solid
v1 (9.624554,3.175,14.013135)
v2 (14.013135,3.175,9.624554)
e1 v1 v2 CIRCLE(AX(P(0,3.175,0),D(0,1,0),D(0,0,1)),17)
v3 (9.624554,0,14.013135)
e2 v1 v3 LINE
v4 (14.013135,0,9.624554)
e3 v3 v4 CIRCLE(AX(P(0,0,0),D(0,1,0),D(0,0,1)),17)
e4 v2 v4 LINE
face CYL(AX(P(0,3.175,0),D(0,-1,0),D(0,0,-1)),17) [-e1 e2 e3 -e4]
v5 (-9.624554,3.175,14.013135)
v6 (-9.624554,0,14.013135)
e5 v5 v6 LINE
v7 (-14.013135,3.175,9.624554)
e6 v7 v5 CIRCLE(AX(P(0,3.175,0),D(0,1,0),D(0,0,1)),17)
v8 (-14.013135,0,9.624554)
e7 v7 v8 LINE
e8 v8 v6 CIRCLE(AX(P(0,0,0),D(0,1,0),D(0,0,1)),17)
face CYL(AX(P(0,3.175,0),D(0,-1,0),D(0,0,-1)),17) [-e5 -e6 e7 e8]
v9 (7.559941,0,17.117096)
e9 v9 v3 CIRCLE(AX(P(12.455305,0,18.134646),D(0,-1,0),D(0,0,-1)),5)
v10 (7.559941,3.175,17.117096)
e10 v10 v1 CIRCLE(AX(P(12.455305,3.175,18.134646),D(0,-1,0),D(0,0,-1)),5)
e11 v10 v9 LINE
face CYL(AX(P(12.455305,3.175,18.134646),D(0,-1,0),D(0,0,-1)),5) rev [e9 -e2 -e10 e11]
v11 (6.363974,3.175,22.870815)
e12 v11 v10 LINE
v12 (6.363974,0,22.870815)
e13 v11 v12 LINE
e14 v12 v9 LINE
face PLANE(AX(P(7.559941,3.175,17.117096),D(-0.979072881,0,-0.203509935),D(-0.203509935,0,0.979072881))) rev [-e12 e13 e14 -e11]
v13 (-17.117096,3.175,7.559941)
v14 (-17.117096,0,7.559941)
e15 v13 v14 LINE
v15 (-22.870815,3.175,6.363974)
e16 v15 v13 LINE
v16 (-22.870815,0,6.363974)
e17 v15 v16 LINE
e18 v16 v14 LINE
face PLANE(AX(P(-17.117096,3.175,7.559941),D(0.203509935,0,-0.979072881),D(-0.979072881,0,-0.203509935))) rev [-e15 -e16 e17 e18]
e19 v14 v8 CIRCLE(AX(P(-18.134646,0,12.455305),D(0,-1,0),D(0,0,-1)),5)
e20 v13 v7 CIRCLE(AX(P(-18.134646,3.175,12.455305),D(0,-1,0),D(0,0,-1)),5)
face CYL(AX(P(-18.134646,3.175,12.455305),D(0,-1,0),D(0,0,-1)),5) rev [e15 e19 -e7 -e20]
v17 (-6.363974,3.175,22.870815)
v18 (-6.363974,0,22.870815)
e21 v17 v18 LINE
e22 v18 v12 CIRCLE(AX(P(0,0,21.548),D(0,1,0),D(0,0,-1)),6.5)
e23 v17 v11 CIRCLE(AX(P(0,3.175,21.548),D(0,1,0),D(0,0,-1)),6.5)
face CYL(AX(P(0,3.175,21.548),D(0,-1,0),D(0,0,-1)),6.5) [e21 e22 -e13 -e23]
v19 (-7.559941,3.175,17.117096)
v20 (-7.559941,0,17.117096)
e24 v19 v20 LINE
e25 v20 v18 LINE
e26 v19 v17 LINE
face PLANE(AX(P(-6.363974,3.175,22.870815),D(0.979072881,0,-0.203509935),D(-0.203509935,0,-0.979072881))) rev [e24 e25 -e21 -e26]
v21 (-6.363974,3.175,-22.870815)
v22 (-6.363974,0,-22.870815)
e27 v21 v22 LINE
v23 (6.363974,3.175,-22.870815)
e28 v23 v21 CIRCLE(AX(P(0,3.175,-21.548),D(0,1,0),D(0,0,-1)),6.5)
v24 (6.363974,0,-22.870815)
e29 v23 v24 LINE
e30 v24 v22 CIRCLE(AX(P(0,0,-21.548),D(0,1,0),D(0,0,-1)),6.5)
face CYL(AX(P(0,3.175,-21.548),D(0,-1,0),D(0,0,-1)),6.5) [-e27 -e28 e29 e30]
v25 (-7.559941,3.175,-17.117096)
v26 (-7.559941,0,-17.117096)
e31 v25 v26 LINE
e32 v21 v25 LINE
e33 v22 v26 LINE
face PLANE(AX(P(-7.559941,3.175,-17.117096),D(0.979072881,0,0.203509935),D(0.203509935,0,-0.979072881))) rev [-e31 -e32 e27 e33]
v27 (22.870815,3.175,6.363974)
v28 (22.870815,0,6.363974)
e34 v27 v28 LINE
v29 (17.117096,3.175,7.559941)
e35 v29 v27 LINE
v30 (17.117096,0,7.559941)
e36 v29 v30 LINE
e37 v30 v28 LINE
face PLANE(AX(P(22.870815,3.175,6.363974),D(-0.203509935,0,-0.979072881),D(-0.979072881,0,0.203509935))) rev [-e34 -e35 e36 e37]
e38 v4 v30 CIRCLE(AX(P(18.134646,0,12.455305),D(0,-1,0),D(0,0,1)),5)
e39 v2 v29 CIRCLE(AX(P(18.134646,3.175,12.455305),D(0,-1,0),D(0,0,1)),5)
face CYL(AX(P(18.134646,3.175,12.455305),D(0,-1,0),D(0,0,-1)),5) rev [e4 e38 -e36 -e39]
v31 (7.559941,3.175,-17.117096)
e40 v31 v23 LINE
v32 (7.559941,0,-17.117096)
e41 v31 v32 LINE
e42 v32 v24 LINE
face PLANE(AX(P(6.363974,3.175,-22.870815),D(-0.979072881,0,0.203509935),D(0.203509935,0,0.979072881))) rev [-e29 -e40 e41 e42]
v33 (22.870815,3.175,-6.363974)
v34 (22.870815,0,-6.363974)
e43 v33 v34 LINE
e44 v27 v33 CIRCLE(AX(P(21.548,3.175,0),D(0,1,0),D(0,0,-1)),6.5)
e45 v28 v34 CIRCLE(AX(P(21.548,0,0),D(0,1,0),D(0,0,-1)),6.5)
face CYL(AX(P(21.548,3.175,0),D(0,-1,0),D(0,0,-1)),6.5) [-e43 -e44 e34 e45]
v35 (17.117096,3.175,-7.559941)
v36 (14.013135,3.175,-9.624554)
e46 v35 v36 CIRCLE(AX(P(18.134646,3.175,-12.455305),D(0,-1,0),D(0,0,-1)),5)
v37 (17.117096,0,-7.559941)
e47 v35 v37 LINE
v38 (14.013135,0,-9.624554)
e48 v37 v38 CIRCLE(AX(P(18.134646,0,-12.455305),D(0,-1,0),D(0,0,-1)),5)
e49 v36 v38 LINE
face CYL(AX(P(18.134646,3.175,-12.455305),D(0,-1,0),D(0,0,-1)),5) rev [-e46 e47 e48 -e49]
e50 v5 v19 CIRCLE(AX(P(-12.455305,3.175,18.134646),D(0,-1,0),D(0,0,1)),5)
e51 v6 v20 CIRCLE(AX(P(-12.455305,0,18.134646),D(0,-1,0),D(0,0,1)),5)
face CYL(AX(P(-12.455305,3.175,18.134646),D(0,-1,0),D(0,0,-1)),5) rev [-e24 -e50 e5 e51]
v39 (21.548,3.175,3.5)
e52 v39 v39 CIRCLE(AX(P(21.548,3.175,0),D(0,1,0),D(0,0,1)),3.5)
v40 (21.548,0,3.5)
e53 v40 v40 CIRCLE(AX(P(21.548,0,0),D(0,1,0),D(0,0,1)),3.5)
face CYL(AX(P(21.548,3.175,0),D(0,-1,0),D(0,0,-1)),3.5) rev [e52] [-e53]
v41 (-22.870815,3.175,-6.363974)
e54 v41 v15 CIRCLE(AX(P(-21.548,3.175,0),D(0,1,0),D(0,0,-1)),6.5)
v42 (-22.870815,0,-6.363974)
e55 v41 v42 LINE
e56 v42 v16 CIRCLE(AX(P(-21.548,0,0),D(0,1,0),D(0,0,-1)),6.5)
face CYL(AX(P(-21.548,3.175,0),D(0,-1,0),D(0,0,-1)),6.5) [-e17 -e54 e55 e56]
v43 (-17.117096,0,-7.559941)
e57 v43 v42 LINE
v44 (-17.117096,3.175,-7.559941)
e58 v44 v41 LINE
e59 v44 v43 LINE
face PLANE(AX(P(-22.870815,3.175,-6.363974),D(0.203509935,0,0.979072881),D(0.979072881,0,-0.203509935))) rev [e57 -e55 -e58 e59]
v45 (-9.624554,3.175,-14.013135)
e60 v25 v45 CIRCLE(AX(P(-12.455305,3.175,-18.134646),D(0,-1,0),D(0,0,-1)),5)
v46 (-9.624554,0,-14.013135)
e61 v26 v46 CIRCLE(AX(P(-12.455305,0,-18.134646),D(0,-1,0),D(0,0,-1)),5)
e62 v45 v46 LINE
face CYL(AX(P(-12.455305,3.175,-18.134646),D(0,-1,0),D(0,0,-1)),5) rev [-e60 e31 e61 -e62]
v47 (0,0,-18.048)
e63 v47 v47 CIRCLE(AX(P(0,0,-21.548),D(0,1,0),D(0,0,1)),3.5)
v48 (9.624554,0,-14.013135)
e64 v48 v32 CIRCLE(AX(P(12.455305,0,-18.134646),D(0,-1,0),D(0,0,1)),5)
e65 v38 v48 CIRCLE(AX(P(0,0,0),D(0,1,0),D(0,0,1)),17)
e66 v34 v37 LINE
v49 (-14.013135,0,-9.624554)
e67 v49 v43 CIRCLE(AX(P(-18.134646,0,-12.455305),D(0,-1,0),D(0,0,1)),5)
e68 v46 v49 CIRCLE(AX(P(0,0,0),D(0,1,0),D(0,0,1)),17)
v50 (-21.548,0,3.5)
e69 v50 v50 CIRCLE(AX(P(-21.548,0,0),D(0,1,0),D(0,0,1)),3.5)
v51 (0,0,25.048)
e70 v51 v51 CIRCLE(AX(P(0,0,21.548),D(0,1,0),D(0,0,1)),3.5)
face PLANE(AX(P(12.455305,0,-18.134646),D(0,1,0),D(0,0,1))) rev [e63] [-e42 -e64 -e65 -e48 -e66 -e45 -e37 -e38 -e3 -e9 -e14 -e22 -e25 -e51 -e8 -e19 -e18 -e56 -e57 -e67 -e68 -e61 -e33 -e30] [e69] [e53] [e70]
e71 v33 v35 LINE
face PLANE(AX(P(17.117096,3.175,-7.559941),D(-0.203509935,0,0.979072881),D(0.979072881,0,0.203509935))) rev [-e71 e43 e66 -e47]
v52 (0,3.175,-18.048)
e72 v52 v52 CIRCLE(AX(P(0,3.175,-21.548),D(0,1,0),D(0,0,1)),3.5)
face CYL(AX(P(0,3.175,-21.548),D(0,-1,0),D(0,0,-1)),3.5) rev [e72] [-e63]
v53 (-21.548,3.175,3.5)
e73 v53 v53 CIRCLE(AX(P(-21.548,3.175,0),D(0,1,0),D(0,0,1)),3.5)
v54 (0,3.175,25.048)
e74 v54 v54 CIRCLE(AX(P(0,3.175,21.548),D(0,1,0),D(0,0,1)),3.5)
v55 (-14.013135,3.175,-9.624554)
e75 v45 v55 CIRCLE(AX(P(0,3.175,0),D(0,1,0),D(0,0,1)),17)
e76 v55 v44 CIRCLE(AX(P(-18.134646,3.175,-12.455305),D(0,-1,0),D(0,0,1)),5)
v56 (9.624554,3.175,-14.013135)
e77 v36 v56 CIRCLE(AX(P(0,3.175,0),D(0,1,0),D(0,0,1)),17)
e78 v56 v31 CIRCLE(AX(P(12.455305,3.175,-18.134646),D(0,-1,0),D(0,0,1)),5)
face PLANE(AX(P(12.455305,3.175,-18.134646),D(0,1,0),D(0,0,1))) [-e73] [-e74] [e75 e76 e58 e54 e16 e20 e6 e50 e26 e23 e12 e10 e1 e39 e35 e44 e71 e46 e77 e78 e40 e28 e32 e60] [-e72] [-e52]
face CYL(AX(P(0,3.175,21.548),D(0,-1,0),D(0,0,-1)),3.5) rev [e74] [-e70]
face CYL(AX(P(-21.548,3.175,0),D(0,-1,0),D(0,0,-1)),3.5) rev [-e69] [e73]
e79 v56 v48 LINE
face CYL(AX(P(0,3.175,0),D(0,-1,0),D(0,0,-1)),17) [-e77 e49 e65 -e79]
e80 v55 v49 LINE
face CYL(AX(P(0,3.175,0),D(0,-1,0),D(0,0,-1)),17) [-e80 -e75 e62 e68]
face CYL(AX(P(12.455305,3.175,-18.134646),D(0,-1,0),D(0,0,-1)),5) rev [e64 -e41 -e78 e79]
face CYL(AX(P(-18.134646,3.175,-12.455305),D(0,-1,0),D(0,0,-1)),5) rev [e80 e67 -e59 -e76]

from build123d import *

# Parameters (mm, degrees)
SKETCH1_R           = 3.5
BOSS_EXTRUDE1_DEPTH = 3.175


with BuildPart() as part:
    # Sketch1 → Boss-Extrude1 (new body)
    with BuildSketch(Plane(origin=(0, 0, 0), x_dir=(1, 0, 0), z_dir=(0, 1, 0))):
        with BuildLine():
            Line((-7.559940761, 17.117095983), (-6.363973726, 22.870814531))
            ThreePointArc((-6.363973726, 22.870814531), (0, 28.04799995), (6.363973726, 22.870814531))
            Line((6.363973726, 22.870814531), (7.559940761, 17.117095983))
            ThreePointArc((7.559940761, 17.117095983), (8.292150293, 15.365504727), (9.624553992, 14.013135283))
            ThreePointArc((9.624553992, 14.013135283), (12.02081528, 12.02081528), (14.013135283, 9.624553992))
            ThreePointArc((14.013135283, 9.624553992), (15.365504727, 8.292150293), (17.117095983, 7.559940761))
            Line((17.117095983, 7.559940761), (22.870814531, 6.363973726))
            ThreePointArc((22.870814531, 6.363973726), (28.04799995, 0), (22.870814531, -6.363973726))
            Line((22.870814531, -6.363973726), (17.117095983, -7.559940761))
            ThreePointArc((17.117095983, -7.559940761), (15.365504727, -8.292150293), (14.013135283, -9.624553992))
            ThreePointArc((14.013135283, -9.624553992), (12.02081528, -12.02081528), (9.624553992, -14.013135283))
            ThreePointArc((9.624553992, -14.013135283), (8.292150293, -15.365504727), (7.559940761, -17.117095983))
            Line((7.559940761, -17.117095983), (6.363973726, -22.870814531))
            ThreePointArc((6.363973726, -22.870814531), (0, -28.04799995), (-6.363973726, -22.870814531))
            Line((-6.363973726, -22.870814531), (-7.559940761, -17.117095983))
            ThreePointArc((-7.559940761, -17.117095983), (-8.292150293, -15.365504727), (-9.624553992, -14.013135283))
            ThreePointArc((-9.624553992, -14.013135283), (-12.02081528, -12.02081528), (-14.013135283, -9.624553992))
            ThreePointArc((-14.013135283, -9.624553992), (-15.365504727, -8.292150293), (-17.117095983, -7.559940761))
            Line((-17.117095983, -7.559940761), (-22.870814531, -6.363973726))
            ThreePointArc((-22.870814531, -6.363973726), (-28.04799995, 0), (-22.870814531, 6.363973726))
            Line((-22.870814531, 6.363973726), (-17.117095983, 7.559940761))
            ThreePointArc((-17.117095983, 7.559940761), (-15.365504727, 8.292150293), (-14.013135283, 9.624553992))
            ThreePointArc((-14.013135283, 9.624553992), (-12.02081528, 12.02081528), (-9.624553992, 14.013135283))
            ThreePointArc((-9.624553992, 14.013135283), (-8.292150293, 15.365504727), (-7.559940761, 17.117095983))
        make_face()
        with Locations((0, 21.54799995)):
            Circle(SKETCH1_R, mode=Mode.SUBTRACT)
        with Locations((21.54799995, 0)):
            Circle(SKETCH1_R, mode=Mode.SUBTRACT)
        with Locations((0, -21.54799995)):
            Circle(SKETCH1_R, mode=Mode.SUBTRACT)
        with Locations((-21.54799995, 0)):
            Circle(SKETCH1_R, mode=Mode.SUBTRACT)
    extrude(amount=BOSS_EXTRUDE1_DEPTH)


solid = part.part
